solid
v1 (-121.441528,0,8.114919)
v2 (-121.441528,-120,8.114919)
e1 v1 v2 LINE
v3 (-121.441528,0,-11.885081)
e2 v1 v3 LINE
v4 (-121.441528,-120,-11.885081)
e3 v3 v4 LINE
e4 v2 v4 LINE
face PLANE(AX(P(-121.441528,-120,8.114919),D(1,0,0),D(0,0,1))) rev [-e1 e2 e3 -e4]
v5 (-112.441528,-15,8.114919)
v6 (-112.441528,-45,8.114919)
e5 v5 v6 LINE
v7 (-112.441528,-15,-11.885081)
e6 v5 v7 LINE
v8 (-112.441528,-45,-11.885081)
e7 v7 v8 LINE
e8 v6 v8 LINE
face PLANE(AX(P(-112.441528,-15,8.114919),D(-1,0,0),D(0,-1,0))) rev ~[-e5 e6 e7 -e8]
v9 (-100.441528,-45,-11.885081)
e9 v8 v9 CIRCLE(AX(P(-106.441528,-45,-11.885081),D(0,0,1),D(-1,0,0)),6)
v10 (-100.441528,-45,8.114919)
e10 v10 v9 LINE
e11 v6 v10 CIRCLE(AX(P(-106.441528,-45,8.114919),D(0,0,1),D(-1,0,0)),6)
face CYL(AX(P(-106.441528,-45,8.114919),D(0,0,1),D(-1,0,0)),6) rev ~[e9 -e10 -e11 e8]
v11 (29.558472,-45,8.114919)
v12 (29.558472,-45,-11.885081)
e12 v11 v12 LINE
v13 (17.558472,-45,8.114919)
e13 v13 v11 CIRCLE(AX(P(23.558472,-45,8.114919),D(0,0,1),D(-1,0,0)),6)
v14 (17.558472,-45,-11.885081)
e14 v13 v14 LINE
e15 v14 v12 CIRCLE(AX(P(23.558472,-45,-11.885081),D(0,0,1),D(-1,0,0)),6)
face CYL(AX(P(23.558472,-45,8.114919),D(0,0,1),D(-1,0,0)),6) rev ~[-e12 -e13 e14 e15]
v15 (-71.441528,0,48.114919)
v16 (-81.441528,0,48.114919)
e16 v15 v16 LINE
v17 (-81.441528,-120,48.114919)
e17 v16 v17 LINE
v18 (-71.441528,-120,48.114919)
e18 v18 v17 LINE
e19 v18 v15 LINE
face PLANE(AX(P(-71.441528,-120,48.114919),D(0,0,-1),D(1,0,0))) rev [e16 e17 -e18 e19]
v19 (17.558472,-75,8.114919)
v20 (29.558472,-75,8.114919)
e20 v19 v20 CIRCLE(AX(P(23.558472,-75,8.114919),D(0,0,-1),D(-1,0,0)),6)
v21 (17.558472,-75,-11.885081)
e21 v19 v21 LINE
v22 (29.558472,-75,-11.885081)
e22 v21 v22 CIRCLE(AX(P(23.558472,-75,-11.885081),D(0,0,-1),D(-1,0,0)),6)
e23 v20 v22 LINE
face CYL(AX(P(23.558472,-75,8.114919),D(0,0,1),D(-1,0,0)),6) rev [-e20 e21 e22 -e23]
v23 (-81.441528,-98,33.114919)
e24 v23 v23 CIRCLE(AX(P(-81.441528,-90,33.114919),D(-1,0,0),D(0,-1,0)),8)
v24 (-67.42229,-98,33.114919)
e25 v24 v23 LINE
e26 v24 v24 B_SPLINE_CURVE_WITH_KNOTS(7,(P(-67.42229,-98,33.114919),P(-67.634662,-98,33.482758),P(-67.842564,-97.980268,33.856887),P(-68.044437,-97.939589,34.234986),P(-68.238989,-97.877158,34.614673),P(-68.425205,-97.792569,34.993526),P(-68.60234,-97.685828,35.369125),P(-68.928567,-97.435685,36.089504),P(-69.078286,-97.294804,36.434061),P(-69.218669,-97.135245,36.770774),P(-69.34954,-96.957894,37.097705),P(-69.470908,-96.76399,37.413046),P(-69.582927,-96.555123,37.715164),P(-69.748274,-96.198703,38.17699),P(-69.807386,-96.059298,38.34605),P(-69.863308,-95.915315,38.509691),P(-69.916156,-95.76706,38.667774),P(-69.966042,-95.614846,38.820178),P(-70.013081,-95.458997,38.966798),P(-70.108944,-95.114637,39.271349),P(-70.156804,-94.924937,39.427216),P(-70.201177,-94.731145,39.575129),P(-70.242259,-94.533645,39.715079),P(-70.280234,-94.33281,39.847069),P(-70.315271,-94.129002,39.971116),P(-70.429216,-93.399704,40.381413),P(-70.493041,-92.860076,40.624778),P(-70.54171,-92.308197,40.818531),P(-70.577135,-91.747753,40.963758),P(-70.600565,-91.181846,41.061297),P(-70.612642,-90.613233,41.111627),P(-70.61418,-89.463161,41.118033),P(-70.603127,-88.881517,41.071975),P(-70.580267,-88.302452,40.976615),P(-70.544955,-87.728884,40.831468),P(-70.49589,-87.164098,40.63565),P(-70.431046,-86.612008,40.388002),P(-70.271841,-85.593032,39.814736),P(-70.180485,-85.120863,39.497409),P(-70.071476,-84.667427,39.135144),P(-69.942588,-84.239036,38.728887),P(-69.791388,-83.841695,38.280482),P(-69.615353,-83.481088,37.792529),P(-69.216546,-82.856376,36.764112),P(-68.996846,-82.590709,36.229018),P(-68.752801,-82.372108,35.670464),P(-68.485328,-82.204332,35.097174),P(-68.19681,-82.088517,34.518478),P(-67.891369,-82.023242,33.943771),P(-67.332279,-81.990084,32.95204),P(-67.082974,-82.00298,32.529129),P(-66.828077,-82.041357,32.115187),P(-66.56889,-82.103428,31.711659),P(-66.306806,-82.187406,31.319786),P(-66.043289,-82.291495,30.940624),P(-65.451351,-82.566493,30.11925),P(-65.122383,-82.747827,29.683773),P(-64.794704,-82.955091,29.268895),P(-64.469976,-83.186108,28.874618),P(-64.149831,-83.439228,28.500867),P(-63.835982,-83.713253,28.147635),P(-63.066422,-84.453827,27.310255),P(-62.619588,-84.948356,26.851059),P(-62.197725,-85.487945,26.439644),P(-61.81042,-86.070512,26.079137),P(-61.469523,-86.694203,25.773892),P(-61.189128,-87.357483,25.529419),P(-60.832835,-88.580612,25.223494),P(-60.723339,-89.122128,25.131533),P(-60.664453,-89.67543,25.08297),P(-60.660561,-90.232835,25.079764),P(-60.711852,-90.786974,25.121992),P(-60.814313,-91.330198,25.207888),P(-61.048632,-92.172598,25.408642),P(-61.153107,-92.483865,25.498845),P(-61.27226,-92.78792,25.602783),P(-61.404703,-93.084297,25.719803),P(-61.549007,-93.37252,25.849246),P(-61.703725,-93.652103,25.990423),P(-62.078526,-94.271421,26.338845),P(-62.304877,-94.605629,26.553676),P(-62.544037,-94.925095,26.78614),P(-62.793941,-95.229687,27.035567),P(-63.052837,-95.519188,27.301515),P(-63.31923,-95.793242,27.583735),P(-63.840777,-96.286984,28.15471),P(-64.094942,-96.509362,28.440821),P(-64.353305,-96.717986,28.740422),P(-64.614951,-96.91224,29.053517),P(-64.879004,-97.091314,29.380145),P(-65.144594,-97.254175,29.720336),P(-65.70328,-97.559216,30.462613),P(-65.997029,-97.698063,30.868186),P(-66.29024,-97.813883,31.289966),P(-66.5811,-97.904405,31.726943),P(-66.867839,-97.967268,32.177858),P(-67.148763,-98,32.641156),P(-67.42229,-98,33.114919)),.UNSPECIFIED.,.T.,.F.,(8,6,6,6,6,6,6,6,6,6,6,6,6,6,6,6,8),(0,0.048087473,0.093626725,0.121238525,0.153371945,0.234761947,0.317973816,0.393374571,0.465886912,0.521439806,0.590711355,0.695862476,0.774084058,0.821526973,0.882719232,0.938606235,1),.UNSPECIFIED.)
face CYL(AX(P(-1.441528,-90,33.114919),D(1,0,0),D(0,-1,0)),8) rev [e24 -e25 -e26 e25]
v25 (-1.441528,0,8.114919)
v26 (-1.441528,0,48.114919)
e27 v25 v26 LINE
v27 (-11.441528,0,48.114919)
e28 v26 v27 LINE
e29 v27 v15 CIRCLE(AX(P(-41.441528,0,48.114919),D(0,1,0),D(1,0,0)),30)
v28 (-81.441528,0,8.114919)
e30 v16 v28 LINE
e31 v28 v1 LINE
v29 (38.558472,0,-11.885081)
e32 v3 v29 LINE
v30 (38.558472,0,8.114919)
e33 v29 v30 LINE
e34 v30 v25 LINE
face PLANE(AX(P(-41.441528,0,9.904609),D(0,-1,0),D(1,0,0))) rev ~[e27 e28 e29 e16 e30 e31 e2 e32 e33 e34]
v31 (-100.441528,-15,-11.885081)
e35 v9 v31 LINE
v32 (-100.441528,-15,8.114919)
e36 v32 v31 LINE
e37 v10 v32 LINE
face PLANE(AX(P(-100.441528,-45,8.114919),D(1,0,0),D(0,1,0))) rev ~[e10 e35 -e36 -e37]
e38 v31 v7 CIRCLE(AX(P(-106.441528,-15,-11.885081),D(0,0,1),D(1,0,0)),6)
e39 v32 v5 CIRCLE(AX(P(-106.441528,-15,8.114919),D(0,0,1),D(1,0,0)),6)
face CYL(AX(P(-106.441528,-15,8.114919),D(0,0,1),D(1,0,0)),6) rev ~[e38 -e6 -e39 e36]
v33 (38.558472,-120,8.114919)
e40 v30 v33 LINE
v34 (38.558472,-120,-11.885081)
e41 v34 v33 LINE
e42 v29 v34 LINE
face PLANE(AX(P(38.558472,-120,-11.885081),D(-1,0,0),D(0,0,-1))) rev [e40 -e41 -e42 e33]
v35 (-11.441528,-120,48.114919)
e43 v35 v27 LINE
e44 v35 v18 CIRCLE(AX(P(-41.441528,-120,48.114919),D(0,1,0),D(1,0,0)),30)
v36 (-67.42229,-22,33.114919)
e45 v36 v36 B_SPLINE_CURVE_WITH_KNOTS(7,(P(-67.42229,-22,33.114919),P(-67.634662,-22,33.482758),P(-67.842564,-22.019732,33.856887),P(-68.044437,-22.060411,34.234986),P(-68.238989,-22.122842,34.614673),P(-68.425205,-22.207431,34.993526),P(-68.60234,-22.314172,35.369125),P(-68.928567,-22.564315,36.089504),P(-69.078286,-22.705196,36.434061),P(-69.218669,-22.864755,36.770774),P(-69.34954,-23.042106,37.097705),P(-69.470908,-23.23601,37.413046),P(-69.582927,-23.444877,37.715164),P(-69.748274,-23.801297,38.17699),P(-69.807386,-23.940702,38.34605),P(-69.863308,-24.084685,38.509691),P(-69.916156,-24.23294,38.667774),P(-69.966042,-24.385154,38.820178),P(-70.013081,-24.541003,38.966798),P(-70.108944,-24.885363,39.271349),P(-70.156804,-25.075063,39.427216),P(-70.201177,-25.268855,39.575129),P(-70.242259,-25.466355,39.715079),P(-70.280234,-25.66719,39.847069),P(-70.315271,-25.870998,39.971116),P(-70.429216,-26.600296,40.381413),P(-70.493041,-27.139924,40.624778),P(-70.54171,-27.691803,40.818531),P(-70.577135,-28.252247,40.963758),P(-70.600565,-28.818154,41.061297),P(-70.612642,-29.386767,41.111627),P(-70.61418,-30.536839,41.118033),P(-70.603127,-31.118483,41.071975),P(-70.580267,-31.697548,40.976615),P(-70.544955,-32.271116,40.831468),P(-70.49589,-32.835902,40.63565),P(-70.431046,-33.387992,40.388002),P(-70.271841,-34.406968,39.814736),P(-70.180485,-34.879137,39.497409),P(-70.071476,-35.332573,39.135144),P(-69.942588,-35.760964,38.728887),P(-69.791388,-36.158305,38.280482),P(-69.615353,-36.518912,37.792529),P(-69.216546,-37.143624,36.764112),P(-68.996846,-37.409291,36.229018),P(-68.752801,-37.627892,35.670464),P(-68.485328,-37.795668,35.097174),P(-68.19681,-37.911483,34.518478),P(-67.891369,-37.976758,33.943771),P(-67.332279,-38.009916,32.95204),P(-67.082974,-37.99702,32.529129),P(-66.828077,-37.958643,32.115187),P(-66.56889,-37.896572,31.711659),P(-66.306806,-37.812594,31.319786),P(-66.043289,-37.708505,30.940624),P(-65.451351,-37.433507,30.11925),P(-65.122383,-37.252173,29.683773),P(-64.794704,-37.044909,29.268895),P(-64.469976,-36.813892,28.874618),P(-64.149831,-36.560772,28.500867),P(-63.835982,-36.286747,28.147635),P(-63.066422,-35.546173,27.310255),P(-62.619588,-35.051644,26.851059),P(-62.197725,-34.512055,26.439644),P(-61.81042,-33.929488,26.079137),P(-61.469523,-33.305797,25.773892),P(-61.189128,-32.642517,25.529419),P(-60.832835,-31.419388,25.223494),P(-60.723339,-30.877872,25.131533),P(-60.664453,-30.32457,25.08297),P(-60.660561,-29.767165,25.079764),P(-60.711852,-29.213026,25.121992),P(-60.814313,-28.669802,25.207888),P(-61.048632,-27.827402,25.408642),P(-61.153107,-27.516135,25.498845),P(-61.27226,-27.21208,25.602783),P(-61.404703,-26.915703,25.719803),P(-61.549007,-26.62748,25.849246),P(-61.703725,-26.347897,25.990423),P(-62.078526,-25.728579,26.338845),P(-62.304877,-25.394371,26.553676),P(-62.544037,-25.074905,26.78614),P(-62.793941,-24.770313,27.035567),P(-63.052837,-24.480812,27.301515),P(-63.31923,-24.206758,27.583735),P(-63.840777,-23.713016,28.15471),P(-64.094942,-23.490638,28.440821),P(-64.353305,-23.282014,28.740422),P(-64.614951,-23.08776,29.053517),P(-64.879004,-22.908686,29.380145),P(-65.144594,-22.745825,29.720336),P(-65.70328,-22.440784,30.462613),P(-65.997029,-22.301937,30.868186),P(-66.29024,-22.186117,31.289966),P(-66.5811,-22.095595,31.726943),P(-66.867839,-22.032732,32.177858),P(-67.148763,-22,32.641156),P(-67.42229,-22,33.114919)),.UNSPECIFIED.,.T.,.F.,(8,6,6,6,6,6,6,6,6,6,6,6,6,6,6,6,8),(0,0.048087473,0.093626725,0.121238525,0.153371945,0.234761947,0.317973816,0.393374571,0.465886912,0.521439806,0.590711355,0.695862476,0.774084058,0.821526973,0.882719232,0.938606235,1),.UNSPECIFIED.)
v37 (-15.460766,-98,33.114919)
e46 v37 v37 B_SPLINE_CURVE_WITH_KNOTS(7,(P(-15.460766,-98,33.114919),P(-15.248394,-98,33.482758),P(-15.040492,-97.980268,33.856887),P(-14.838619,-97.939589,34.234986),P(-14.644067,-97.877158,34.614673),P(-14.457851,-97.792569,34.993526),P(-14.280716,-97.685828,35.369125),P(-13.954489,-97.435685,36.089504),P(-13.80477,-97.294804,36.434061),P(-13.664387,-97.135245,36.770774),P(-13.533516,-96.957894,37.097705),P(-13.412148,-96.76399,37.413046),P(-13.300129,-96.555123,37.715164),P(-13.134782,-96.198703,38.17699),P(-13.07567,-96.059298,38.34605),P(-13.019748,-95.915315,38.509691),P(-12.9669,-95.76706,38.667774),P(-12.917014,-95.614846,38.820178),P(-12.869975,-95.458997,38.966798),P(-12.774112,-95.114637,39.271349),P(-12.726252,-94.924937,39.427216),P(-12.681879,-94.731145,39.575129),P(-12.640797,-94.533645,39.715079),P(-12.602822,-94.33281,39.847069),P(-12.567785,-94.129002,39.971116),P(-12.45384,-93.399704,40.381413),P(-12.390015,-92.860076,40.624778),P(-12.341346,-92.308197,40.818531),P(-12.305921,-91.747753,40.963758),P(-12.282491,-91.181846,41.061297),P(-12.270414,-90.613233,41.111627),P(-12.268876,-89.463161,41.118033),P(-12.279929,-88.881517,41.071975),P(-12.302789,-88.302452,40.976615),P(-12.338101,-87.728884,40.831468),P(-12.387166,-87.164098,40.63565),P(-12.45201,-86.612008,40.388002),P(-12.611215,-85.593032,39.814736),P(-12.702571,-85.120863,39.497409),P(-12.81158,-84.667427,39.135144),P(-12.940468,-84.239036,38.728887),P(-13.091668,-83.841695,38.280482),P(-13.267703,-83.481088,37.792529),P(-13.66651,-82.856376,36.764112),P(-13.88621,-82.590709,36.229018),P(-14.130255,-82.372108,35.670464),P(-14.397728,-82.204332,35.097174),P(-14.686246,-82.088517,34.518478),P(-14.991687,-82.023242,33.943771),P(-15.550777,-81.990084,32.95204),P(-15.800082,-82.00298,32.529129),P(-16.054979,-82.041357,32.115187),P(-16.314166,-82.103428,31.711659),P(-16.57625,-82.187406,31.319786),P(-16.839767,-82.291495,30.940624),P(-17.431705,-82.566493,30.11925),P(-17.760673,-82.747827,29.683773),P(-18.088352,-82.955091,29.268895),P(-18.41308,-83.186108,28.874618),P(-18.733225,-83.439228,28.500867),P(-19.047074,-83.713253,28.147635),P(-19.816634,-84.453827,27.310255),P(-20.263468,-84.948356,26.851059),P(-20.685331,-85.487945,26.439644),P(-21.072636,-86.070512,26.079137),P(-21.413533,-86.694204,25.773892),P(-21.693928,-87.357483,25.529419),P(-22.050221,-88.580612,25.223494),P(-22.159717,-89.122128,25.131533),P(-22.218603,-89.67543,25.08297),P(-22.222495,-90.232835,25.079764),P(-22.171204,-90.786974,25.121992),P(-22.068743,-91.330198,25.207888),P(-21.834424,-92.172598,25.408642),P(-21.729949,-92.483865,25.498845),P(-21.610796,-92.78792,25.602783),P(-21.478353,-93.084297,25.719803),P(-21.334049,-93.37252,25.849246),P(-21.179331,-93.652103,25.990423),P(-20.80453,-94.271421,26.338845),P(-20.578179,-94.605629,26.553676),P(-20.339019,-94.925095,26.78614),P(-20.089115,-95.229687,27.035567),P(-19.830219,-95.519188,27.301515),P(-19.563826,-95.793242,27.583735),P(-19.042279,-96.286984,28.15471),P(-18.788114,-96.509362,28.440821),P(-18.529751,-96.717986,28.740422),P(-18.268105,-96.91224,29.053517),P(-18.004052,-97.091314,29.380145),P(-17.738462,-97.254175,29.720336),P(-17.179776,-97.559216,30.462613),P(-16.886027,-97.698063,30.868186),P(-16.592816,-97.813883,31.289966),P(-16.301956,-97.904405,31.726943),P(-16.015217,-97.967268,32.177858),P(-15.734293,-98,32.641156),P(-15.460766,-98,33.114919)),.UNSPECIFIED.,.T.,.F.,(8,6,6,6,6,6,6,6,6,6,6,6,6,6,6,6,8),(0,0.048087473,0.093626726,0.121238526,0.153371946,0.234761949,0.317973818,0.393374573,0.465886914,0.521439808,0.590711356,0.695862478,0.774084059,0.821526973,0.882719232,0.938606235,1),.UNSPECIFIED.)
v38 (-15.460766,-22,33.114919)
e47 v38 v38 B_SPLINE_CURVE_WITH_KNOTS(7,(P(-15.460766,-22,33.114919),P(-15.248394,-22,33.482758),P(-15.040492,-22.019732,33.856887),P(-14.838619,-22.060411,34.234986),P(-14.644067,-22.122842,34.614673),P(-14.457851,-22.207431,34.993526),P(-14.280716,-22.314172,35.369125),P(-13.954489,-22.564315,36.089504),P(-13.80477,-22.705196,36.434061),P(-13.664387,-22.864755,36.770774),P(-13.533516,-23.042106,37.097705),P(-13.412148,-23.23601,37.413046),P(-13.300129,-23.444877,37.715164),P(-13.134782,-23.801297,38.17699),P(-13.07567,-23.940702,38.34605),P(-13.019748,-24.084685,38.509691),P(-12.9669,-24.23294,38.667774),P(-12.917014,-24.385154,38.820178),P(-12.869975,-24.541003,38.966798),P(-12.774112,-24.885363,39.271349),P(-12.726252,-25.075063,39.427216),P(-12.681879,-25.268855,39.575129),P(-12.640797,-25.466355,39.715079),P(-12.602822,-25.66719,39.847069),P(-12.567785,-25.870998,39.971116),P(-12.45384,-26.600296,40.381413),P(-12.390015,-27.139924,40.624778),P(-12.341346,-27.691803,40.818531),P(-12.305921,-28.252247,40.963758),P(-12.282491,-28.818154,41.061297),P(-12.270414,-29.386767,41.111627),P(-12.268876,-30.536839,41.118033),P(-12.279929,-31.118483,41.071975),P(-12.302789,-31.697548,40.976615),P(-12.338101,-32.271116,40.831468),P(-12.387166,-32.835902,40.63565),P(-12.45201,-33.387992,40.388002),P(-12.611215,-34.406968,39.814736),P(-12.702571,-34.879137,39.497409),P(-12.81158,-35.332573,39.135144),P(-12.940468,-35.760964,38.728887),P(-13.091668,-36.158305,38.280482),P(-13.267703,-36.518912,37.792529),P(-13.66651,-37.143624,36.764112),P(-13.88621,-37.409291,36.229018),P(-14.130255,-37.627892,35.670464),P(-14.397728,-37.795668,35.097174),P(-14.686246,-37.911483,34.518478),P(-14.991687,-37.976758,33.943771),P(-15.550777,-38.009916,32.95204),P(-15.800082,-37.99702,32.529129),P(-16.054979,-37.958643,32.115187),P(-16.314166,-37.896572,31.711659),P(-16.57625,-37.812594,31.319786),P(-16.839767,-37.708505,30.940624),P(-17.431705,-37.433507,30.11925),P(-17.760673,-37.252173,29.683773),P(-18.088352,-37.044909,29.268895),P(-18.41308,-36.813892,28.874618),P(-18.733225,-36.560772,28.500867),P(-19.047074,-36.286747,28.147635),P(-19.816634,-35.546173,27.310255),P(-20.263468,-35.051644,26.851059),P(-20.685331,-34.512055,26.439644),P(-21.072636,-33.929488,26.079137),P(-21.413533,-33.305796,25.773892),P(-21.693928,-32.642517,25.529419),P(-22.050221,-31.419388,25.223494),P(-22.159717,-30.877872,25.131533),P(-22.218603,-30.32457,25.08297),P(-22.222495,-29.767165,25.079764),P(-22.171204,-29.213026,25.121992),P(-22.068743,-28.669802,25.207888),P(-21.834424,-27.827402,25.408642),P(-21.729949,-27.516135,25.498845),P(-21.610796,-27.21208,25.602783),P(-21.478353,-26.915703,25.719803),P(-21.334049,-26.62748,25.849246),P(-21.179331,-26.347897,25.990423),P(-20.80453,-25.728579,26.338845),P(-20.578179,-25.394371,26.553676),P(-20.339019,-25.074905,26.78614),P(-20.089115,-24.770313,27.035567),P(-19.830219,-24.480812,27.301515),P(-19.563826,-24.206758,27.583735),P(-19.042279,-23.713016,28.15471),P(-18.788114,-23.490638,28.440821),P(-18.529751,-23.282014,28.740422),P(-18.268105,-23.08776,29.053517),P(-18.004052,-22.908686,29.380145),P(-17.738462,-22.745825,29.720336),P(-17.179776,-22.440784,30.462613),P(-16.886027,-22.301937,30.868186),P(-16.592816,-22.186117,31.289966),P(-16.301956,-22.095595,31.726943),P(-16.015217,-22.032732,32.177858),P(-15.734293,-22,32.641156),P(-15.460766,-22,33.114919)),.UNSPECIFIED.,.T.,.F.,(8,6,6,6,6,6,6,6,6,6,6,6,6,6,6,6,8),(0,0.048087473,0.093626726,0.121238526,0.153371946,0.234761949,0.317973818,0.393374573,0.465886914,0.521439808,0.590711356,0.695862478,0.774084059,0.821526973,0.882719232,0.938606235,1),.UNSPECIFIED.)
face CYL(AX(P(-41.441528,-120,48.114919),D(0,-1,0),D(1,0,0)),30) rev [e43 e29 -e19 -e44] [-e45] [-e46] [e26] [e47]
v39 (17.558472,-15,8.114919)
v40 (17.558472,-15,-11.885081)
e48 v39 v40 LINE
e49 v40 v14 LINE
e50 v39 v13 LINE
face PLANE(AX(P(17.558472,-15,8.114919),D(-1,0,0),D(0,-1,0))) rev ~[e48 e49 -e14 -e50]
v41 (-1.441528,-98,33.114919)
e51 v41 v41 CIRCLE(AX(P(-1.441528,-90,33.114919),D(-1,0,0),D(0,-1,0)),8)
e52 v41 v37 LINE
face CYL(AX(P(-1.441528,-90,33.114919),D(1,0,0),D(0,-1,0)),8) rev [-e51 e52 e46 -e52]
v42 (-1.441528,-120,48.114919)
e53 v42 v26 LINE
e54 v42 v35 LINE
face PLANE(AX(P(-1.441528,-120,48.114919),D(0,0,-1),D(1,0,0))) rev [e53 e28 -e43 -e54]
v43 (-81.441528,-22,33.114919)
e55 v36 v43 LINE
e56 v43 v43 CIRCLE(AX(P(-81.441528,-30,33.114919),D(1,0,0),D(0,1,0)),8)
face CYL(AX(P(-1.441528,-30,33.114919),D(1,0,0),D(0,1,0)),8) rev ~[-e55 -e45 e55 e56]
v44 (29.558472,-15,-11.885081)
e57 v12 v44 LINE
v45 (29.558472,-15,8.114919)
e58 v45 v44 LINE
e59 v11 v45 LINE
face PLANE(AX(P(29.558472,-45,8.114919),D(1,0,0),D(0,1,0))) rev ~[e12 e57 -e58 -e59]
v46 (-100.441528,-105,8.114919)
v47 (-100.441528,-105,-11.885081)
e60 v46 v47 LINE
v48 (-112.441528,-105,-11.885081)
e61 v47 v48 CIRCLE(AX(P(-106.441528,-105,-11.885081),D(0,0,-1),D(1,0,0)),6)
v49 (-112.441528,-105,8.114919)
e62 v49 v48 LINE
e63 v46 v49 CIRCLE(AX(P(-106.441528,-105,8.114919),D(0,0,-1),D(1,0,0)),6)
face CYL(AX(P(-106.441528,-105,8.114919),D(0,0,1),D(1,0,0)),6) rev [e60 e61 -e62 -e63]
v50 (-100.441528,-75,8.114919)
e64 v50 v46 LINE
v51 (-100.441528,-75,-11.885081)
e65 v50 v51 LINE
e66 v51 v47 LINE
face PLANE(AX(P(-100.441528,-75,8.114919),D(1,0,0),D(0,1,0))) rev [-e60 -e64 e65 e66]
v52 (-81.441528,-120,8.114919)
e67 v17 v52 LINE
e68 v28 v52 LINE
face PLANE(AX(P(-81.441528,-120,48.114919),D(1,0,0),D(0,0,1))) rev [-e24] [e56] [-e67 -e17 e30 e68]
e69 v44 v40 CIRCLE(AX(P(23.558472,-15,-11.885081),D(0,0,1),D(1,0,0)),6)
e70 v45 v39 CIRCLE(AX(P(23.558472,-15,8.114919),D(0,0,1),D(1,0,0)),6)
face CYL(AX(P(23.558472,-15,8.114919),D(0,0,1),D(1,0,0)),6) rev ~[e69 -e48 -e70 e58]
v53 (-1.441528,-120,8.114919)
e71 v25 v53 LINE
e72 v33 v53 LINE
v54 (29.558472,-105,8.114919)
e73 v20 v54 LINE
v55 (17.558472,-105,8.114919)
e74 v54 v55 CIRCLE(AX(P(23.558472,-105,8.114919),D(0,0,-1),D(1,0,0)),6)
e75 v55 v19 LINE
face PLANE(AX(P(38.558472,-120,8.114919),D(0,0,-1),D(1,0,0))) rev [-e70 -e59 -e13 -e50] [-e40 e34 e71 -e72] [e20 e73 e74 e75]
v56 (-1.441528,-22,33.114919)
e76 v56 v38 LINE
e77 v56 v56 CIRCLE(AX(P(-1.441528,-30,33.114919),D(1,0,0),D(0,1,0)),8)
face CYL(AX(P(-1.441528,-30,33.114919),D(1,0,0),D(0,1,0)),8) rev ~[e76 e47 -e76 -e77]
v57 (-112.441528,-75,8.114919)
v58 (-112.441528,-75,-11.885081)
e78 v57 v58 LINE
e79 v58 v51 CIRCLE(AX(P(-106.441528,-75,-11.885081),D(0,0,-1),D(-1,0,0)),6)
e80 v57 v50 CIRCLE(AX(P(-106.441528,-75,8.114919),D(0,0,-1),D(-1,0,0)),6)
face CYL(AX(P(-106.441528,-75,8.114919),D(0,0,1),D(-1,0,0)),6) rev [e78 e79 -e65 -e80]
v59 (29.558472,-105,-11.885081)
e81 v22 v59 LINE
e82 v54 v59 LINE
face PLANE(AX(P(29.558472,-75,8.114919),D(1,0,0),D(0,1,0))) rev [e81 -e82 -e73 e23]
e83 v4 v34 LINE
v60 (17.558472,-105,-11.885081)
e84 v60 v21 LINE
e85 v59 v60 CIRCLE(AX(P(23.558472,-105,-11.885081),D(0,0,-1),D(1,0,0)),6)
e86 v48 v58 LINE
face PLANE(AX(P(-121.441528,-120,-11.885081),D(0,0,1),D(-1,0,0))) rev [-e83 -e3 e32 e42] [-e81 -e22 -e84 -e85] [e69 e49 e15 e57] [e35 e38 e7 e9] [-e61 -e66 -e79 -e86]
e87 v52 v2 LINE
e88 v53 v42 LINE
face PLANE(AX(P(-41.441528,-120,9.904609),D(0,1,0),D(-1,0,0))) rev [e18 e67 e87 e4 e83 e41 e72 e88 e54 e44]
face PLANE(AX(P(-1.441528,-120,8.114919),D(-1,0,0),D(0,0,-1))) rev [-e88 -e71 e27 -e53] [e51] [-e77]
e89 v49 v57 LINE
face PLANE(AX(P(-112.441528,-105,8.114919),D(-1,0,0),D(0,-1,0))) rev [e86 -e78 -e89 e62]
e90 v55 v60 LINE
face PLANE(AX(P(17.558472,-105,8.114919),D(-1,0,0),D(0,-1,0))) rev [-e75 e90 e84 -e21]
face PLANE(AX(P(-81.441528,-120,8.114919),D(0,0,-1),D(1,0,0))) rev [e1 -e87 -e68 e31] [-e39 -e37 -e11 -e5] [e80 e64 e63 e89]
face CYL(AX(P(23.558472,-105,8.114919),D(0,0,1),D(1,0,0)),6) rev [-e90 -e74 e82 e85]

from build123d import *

# Parameters (mm, degrees)
F1_DEPTH = 60
F3_DEPTH = 20
F5_DEPTH = 20
F6_R     = 8
F7_DEPTH = 80


with BuildPart() as f1:
    # F0 (on Front) → F1 (new body)
    with BuildSketch(Plane.XZ):
        with BuildLine():
            Line((-71.441528, 48.114919), (-81.441528, 48.114919))
            Line((-81.441528, 48.114919), (-81.441528, 8.114919))
            Line((-81.441528, 8.114919), (-121.441528, 8.114919))
            Line((-121.441528, 8.114919), (-121.441528, -11.885081))
            Line((-121.441528, -11.885081), (38.558472, -11.885081))
            Line((38.558472, -11.885081), (38.558472, 8.114919))
            Line((38.558472, 8.114919), (-1.441528, 8.114919))
            Line((-1.441528, 8.114919), (-1.441528, 48.114919))
            Line((-1.441528, 48.114919), (-11.441528, 48.114919))
            ThreePointArc((-11.441528, 48.114919), (-41.441528, 18.114919), (-71.441528, 48.114919))
        make_face()
    extrude(amount=F1_DEPTH)

    # F2 (on face) → F3 (cut)
    with BuildSketch(Plane.XY.offset(8.114919)):
        with BuildLine():
            Line((29.558472, -45), (29.558472, -15))
            ThreePointArc((29.558472, -15), (23.558472, -9), (17.558472, -15))
            Line((17.558472, -15), (17.558472, -45))
            ThreePointArc((17.558472, -45), (23.558472, -51), (29.558472, -45))
        make_face()
    extrude(amount=-F3_DEPTH, mode=Mode.SUBTRACT)

    # F4 (on face) → F5 (cut)
    with BuildSketch(Plane.XY.offset(8.114919)):
        with BuildLine():
            Line((-112.441528, -15), (-112.441528, -45))
            ThreePointArc((-112.441528, -45), (-106.441528, -51), (-100.441528, -45))
            Line((-100.441528, -45), (-100.441528, -15))
            ThreePointArc((-100.441528, -15), (-106.441528, -9), (-112.441528, -15))
        make_face()
    extrude(amount=-F5_DEPTH, mode=Mode.SUBTRACT)

    # F6 (on face) → F7 (cut)
    with BuildSketch(Plane.YZ.offset(-1.441528)):
        with Locations((-30, 33.114919)):
            Circle(F6_R)
    extrude(amount=-F7_DEPTH, mode=Mode.SUBTRACT)

    # F8: F1 across face


with BuildPart() as f1_1:
    add(f1.part)
    add(f1.part.mirror(Plane(origin=(-41.441528, -60, 6.801582), x_dir=(1, 0, 0), z_dir=(0, -1, 0))))


solid = f1_1.part
